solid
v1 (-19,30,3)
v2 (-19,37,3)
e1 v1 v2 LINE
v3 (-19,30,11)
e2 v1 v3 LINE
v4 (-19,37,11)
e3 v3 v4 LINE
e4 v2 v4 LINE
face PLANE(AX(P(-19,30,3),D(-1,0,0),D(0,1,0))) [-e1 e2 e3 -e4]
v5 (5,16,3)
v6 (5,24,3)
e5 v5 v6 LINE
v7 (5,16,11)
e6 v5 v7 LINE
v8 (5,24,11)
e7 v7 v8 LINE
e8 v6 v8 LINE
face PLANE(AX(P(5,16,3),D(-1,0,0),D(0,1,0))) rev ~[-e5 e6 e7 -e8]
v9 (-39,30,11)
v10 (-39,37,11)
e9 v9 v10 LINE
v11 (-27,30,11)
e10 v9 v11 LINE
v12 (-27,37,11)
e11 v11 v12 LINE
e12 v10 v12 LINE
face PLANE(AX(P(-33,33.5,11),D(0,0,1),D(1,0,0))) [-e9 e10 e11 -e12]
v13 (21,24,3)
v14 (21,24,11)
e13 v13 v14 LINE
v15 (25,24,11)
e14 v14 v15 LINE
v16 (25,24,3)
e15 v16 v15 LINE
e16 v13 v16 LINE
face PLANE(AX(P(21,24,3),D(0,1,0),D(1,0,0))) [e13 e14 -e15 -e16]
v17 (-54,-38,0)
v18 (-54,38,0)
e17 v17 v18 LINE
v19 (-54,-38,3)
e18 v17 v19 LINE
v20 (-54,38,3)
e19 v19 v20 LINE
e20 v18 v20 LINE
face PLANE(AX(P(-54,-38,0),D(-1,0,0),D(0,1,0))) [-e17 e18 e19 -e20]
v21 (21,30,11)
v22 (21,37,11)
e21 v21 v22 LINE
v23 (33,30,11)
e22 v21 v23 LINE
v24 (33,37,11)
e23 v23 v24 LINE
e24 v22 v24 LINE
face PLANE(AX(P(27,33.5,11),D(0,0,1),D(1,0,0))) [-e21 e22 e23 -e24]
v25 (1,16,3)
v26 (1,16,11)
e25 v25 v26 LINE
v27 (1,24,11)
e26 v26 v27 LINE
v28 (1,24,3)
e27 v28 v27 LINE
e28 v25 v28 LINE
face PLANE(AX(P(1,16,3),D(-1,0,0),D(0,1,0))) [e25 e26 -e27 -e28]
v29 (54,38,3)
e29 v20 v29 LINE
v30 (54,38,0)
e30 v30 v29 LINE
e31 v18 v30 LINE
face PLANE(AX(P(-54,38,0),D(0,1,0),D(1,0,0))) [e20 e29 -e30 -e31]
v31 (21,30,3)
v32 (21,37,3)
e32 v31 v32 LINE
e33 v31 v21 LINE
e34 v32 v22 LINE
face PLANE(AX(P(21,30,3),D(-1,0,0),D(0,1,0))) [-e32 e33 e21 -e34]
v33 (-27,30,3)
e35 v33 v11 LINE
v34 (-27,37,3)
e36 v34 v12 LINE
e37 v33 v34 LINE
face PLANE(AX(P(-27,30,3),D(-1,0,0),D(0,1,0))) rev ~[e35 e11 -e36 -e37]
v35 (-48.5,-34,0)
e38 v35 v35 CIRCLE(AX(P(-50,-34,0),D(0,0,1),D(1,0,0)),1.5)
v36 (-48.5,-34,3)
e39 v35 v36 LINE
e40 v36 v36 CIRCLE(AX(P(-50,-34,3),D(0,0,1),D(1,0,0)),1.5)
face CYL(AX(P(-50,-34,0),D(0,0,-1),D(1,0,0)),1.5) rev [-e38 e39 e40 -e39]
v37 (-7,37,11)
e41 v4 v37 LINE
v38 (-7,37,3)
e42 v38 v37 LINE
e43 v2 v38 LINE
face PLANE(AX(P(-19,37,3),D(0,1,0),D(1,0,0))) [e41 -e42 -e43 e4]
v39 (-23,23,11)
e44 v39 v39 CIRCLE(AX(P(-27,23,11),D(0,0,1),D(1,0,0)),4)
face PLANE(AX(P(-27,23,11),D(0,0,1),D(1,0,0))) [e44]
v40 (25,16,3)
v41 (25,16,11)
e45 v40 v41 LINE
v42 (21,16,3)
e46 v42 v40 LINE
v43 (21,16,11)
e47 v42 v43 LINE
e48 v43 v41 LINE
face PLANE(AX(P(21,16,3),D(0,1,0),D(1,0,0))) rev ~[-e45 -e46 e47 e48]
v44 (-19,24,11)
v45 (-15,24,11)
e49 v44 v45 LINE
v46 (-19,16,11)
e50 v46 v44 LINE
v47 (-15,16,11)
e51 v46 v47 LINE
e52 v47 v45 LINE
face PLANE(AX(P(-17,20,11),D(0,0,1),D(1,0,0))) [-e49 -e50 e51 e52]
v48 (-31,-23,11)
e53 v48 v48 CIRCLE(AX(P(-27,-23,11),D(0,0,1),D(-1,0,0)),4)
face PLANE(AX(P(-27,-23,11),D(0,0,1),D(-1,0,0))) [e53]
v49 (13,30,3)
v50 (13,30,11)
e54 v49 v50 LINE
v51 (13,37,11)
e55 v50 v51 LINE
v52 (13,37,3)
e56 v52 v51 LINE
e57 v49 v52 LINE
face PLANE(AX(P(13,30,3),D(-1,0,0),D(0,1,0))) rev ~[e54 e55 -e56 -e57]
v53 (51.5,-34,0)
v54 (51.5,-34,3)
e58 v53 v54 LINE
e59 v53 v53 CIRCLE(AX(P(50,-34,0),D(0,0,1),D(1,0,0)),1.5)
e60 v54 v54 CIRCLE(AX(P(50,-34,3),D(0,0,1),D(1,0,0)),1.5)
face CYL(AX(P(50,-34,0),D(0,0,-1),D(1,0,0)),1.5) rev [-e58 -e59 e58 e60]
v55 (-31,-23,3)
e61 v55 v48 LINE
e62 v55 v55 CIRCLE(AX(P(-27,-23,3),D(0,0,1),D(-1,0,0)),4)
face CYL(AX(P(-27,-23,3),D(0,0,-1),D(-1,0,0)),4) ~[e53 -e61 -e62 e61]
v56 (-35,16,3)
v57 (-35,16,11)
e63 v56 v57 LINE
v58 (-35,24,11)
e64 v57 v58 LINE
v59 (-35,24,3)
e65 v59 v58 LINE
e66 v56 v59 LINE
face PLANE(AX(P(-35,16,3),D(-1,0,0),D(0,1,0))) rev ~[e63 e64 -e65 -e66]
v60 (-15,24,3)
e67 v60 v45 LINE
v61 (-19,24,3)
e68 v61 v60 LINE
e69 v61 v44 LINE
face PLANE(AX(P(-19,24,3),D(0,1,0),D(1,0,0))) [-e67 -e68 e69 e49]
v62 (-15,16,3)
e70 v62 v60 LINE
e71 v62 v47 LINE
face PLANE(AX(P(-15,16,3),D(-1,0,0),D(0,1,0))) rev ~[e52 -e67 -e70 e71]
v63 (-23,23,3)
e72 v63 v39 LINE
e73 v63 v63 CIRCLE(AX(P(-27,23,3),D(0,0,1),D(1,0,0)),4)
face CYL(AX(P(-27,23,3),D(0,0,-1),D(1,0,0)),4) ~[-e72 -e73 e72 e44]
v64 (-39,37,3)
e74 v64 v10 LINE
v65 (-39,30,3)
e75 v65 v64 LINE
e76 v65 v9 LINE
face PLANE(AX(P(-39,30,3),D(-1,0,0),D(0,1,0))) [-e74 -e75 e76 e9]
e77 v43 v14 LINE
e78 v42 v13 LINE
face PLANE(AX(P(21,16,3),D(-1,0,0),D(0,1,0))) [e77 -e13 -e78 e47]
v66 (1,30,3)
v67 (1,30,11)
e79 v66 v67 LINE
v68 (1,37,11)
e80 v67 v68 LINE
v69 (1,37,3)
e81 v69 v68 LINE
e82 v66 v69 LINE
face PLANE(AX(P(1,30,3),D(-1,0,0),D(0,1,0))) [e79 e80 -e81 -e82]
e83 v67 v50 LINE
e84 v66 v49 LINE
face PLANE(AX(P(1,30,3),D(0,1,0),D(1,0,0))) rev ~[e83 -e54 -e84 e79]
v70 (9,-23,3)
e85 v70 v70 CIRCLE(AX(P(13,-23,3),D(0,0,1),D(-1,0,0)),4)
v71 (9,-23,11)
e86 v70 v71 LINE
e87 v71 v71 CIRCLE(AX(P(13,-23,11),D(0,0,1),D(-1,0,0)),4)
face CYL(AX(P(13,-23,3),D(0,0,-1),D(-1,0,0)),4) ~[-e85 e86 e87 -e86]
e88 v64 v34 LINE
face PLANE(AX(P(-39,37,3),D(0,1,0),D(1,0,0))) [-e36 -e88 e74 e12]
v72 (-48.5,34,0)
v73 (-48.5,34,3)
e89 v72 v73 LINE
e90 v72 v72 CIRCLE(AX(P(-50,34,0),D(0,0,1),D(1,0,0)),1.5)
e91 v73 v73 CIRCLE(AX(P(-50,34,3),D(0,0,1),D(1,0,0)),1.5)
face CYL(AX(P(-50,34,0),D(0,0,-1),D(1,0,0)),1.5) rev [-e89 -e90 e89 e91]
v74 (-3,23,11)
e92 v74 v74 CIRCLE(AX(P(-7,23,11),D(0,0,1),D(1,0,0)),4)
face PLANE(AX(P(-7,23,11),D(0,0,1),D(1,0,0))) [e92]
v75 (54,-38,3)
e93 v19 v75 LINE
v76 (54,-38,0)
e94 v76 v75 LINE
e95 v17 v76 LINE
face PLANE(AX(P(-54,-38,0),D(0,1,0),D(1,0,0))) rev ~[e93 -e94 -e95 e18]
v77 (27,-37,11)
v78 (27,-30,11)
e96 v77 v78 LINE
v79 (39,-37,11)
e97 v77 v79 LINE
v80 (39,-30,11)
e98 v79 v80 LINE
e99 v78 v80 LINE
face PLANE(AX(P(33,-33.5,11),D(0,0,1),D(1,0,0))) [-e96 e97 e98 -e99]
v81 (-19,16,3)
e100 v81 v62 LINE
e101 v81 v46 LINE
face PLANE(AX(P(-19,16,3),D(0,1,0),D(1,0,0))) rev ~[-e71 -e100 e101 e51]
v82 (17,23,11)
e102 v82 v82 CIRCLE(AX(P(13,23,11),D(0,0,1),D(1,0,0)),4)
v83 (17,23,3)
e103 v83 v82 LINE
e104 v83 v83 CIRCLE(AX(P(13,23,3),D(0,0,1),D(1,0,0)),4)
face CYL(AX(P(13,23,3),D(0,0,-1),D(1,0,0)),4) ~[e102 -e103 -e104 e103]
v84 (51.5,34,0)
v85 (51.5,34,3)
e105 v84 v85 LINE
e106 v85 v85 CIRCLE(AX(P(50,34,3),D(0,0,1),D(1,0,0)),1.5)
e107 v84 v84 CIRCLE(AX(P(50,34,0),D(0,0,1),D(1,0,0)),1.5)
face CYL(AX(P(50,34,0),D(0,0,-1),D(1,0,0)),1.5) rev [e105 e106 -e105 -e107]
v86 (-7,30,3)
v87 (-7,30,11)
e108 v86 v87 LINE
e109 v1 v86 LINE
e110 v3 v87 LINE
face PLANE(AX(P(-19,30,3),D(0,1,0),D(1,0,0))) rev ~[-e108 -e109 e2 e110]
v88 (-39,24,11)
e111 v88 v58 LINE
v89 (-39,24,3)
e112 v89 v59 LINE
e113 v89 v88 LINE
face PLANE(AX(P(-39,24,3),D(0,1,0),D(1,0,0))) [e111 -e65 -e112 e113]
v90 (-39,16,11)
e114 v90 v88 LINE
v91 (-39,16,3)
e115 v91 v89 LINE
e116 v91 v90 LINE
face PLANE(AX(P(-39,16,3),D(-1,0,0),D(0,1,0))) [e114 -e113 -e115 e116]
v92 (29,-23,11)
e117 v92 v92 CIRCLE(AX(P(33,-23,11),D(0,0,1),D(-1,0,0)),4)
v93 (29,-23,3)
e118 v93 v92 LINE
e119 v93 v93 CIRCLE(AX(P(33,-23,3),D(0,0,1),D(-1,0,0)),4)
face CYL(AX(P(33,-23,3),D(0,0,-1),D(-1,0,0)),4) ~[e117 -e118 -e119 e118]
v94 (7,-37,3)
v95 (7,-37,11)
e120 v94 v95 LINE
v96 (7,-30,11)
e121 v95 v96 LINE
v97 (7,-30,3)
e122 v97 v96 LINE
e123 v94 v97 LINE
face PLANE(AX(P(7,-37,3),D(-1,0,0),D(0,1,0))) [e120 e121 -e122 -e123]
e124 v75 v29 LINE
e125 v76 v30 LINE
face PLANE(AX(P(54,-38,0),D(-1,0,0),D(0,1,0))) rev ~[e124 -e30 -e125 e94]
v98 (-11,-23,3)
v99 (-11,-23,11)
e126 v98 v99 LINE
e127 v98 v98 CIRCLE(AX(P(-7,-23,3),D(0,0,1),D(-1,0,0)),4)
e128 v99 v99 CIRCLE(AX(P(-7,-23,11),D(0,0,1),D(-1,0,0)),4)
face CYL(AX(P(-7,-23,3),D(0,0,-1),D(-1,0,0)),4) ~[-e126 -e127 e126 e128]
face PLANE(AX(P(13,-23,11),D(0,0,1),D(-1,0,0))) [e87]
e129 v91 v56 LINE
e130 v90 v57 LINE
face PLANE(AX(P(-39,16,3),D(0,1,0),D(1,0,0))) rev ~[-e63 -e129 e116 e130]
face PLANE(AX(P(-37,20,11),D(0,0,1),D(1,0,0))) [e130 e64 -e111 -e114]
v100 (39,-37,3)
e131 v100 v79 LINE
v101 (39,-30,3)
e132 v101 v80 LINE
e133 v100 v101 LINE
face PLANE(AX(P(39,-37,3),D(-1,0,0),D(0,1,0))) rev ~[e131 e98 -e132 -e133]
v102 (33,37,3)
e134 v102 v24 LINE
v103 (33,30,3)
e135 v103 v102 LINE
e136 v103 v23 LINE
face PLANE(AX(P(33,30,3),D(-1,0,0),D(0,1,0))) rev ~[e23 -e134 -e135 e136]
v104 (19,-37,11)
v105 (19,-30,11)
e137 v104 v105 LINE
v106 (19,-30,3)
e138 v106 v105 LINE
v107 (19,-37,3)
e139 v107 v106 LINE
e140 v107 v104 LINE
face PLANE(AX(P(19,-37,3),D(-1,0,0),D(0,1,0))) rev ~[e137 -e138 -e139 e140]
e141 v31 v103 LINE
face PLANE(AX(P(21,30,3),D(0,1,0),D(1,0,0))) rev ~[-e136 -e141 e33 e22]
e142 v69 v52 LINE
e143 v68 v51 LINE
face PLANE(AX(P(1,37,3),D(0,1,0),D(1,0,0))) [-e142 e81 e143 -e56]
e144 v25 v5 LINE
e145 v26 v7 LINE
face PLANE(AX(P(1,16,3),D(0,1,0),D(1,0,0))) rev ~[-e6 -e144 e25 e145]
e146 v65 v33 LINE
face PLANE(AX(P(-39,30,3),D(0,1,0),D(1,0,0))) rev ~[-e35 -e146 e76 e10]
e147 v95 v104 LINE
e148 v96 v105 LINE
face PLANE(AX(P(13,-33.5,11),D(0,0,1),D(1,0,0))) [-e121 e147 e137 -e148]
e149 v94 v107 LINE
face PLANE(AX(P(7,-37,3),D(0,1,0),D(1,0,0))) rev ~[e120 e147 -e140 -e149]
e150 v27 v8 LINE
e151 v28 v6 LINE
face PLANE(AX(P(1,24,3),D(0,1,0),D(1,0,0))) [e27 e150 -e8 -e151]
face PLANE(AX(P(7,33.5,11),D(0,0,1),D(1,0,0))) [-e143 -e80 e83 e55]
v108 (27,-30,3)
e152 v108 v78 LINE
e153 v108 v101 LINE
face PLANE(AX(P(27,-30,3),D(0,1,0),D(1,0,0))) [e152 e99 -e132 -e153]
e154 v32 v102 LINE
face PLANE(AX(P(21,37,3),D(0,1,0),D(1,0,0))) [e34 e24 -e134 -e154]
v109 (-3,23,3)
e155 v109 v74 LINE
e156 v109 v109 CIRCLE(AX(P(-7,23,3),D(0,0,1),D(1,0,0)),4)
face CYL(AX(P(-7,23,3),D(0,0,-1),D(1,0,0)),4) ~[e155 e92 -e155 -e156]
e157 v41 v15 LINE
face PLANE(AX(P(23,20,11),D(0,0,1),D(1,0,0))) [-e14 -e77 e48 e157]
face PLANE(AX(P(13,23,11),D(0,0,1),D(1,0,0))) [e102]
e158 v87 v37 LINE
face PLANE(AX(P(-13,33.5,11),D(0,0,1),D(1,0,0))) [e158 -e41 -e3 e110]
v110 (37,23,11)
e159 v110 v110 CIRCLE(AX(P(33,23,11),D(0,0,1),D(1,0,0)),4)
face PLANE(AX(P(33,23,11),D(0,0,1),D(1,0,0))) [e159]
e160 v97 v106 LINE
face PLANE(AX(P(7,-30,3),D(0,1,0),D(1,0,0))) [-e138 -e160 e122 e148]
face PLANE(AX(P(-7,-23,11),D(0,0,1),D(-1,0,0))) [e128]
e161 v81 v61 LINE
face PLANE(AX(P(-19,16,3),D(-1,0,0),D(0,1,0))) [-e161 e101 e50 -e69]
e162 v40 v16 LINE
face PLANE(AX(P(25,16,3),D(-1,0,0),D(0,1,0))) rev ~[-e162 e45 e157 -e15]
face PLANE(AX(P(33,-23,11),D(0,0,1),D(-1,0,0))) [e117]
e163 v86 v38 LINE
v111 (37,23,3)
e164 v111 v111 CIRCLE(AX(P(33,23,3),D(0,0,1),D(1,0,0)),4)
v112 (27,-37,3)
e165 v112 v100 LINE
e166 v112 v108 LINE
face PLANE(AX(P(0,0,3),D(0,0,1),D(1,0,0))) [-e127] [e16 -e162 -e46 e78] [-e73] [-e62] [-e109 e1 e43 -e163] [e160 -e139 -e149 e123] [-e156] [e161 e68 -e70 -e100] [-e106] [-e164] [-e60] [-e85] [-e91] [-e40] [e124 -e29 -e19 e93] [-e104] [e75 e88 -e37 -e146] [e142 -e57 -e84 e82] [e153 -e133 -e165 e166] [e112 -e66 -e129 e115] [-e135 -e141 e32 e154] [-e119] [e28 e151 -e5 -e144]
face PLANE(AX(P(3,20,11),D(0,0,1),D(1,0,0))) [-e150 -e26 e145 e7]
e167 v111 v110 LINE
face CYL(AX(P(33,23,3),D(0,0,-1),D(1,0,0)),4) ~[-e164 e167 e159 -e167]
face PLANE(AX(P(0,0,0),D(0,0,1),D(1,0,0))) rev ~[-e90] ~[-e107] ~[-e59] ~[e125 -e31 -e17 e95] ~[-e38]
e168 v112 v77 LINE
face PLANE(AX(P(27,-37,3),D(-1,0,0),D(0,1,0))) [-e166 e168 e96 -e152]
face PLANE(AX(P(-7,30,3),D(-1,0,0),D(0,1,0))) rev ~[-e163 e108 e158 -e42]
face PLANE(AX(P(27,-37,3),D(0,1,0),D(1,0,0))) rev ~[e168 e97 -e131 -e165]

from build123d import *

# Parameters (mm, degrees)
SKETCH_1_W      = 108
SKETCH_1_H      = 76
SKETCH_1_R      = 1.5
EXTRUDE_1_DEPTH = 3
SKETCH_2_R      = 4
SKETCH_2_W      = 12
SKETCH_2_H      = 7
SKETCH_2_W_2    = 4
SKETCH_2_H_2    = 8
EXTRUDE_2_DEPTH = 8


with BuildPart() as part:
    # 草图1 → 凸台-拉伸1 (new body)
    with BuildSketch(Plane.XY):
        Rectangle(SKETCH_1_W, SKETCH_1_H)
        with Locations((-50, 34)):
            Circle(SKETCH_1_R, mode=Mode.SUBTRACT)
        with Locations((50, 34)):
            Circle(SKETCH_1_R, mode=Mode.SUBTRACT)
        with Locations((50, -34)):
            Circle(SKETCH_1_R, mode=Mode.SUBTRACT)
        with Locations((-50, -34)):
            Circle(SKETCH_1_R, mode=Mode.SUBTRACT)
    extrude(amount=EXTRUDE_1_DEPTH)

    # 草图2 → 凸台-拉伸2 (add)
    with BuildSketch(Plane.XY.offset(3)):
        with Locations((-27, 23)):
            Circle(SKETCH_2_R)
        with Locations((-7, 23)):
            Circle(SKETCH_2_R)
        with Locations((13, 23)):
            Circle(SKETCH_2_R)
        with Locations((33, 23)):
            Circle(SKETCH_2_R)
        with Locations(Location((33, -23, 0), (0, 0, 180))):
            Circle(SKETCH_2_R)
        with Locations(Location((13, -23, 0), (0, 0, 180))):
            Circle(SKETCH_2_R)
        with Locations(Location((-7, -23, 0), (0, 0, 180))):
            Circle(SKETCH_2_R)
        with Locations(Location((-27, -23, 0), (0, 0, 180))):
            Circle(SKETCH_2_R)
        with Locations((-33, 33.5)):
            Rectangle(SKETCH_2_W, SKETCH_2_H)
        with Locations((-13, 33.5)):
            Rectangle(SKETCH_2_W, SKETCH_2_H)
        with Locations((7, 33.5)):
            Rectangle(SKETCH_2_W, SKETCH_2_H)
        with Locations((27, 33.5)):
            Rectangle(SKETCH_2_W, SKETCH_2_H)
        with Locations((-37, 20)):
            Rectangle(SKETCH_2_W_2, SKETCH_2_H_2)
        with Locations((-17, 20)):
            Rectangle(SKETCH_2_W_2, SKETCH_2_H_2)
        with Locations((3, 20)):
            Rectangle(SKETCH_2_W_2, SKETCH_2_H_2)
        with Locations((23, 20)):
            Rectangle(SKETCH_2_W_2, SKETCH_2_H_2)
        with Locations((33, -33.5)):
            Rectangle(SKETCH_2_W, SKETCH_2_H)
        with Locations((13, -33.5)):
            Rectangle(SKETCH_2_W, SKETCH_2_H)
    extrude(amount=EXTRUDE_2_DEPTH)


solid = part.part
